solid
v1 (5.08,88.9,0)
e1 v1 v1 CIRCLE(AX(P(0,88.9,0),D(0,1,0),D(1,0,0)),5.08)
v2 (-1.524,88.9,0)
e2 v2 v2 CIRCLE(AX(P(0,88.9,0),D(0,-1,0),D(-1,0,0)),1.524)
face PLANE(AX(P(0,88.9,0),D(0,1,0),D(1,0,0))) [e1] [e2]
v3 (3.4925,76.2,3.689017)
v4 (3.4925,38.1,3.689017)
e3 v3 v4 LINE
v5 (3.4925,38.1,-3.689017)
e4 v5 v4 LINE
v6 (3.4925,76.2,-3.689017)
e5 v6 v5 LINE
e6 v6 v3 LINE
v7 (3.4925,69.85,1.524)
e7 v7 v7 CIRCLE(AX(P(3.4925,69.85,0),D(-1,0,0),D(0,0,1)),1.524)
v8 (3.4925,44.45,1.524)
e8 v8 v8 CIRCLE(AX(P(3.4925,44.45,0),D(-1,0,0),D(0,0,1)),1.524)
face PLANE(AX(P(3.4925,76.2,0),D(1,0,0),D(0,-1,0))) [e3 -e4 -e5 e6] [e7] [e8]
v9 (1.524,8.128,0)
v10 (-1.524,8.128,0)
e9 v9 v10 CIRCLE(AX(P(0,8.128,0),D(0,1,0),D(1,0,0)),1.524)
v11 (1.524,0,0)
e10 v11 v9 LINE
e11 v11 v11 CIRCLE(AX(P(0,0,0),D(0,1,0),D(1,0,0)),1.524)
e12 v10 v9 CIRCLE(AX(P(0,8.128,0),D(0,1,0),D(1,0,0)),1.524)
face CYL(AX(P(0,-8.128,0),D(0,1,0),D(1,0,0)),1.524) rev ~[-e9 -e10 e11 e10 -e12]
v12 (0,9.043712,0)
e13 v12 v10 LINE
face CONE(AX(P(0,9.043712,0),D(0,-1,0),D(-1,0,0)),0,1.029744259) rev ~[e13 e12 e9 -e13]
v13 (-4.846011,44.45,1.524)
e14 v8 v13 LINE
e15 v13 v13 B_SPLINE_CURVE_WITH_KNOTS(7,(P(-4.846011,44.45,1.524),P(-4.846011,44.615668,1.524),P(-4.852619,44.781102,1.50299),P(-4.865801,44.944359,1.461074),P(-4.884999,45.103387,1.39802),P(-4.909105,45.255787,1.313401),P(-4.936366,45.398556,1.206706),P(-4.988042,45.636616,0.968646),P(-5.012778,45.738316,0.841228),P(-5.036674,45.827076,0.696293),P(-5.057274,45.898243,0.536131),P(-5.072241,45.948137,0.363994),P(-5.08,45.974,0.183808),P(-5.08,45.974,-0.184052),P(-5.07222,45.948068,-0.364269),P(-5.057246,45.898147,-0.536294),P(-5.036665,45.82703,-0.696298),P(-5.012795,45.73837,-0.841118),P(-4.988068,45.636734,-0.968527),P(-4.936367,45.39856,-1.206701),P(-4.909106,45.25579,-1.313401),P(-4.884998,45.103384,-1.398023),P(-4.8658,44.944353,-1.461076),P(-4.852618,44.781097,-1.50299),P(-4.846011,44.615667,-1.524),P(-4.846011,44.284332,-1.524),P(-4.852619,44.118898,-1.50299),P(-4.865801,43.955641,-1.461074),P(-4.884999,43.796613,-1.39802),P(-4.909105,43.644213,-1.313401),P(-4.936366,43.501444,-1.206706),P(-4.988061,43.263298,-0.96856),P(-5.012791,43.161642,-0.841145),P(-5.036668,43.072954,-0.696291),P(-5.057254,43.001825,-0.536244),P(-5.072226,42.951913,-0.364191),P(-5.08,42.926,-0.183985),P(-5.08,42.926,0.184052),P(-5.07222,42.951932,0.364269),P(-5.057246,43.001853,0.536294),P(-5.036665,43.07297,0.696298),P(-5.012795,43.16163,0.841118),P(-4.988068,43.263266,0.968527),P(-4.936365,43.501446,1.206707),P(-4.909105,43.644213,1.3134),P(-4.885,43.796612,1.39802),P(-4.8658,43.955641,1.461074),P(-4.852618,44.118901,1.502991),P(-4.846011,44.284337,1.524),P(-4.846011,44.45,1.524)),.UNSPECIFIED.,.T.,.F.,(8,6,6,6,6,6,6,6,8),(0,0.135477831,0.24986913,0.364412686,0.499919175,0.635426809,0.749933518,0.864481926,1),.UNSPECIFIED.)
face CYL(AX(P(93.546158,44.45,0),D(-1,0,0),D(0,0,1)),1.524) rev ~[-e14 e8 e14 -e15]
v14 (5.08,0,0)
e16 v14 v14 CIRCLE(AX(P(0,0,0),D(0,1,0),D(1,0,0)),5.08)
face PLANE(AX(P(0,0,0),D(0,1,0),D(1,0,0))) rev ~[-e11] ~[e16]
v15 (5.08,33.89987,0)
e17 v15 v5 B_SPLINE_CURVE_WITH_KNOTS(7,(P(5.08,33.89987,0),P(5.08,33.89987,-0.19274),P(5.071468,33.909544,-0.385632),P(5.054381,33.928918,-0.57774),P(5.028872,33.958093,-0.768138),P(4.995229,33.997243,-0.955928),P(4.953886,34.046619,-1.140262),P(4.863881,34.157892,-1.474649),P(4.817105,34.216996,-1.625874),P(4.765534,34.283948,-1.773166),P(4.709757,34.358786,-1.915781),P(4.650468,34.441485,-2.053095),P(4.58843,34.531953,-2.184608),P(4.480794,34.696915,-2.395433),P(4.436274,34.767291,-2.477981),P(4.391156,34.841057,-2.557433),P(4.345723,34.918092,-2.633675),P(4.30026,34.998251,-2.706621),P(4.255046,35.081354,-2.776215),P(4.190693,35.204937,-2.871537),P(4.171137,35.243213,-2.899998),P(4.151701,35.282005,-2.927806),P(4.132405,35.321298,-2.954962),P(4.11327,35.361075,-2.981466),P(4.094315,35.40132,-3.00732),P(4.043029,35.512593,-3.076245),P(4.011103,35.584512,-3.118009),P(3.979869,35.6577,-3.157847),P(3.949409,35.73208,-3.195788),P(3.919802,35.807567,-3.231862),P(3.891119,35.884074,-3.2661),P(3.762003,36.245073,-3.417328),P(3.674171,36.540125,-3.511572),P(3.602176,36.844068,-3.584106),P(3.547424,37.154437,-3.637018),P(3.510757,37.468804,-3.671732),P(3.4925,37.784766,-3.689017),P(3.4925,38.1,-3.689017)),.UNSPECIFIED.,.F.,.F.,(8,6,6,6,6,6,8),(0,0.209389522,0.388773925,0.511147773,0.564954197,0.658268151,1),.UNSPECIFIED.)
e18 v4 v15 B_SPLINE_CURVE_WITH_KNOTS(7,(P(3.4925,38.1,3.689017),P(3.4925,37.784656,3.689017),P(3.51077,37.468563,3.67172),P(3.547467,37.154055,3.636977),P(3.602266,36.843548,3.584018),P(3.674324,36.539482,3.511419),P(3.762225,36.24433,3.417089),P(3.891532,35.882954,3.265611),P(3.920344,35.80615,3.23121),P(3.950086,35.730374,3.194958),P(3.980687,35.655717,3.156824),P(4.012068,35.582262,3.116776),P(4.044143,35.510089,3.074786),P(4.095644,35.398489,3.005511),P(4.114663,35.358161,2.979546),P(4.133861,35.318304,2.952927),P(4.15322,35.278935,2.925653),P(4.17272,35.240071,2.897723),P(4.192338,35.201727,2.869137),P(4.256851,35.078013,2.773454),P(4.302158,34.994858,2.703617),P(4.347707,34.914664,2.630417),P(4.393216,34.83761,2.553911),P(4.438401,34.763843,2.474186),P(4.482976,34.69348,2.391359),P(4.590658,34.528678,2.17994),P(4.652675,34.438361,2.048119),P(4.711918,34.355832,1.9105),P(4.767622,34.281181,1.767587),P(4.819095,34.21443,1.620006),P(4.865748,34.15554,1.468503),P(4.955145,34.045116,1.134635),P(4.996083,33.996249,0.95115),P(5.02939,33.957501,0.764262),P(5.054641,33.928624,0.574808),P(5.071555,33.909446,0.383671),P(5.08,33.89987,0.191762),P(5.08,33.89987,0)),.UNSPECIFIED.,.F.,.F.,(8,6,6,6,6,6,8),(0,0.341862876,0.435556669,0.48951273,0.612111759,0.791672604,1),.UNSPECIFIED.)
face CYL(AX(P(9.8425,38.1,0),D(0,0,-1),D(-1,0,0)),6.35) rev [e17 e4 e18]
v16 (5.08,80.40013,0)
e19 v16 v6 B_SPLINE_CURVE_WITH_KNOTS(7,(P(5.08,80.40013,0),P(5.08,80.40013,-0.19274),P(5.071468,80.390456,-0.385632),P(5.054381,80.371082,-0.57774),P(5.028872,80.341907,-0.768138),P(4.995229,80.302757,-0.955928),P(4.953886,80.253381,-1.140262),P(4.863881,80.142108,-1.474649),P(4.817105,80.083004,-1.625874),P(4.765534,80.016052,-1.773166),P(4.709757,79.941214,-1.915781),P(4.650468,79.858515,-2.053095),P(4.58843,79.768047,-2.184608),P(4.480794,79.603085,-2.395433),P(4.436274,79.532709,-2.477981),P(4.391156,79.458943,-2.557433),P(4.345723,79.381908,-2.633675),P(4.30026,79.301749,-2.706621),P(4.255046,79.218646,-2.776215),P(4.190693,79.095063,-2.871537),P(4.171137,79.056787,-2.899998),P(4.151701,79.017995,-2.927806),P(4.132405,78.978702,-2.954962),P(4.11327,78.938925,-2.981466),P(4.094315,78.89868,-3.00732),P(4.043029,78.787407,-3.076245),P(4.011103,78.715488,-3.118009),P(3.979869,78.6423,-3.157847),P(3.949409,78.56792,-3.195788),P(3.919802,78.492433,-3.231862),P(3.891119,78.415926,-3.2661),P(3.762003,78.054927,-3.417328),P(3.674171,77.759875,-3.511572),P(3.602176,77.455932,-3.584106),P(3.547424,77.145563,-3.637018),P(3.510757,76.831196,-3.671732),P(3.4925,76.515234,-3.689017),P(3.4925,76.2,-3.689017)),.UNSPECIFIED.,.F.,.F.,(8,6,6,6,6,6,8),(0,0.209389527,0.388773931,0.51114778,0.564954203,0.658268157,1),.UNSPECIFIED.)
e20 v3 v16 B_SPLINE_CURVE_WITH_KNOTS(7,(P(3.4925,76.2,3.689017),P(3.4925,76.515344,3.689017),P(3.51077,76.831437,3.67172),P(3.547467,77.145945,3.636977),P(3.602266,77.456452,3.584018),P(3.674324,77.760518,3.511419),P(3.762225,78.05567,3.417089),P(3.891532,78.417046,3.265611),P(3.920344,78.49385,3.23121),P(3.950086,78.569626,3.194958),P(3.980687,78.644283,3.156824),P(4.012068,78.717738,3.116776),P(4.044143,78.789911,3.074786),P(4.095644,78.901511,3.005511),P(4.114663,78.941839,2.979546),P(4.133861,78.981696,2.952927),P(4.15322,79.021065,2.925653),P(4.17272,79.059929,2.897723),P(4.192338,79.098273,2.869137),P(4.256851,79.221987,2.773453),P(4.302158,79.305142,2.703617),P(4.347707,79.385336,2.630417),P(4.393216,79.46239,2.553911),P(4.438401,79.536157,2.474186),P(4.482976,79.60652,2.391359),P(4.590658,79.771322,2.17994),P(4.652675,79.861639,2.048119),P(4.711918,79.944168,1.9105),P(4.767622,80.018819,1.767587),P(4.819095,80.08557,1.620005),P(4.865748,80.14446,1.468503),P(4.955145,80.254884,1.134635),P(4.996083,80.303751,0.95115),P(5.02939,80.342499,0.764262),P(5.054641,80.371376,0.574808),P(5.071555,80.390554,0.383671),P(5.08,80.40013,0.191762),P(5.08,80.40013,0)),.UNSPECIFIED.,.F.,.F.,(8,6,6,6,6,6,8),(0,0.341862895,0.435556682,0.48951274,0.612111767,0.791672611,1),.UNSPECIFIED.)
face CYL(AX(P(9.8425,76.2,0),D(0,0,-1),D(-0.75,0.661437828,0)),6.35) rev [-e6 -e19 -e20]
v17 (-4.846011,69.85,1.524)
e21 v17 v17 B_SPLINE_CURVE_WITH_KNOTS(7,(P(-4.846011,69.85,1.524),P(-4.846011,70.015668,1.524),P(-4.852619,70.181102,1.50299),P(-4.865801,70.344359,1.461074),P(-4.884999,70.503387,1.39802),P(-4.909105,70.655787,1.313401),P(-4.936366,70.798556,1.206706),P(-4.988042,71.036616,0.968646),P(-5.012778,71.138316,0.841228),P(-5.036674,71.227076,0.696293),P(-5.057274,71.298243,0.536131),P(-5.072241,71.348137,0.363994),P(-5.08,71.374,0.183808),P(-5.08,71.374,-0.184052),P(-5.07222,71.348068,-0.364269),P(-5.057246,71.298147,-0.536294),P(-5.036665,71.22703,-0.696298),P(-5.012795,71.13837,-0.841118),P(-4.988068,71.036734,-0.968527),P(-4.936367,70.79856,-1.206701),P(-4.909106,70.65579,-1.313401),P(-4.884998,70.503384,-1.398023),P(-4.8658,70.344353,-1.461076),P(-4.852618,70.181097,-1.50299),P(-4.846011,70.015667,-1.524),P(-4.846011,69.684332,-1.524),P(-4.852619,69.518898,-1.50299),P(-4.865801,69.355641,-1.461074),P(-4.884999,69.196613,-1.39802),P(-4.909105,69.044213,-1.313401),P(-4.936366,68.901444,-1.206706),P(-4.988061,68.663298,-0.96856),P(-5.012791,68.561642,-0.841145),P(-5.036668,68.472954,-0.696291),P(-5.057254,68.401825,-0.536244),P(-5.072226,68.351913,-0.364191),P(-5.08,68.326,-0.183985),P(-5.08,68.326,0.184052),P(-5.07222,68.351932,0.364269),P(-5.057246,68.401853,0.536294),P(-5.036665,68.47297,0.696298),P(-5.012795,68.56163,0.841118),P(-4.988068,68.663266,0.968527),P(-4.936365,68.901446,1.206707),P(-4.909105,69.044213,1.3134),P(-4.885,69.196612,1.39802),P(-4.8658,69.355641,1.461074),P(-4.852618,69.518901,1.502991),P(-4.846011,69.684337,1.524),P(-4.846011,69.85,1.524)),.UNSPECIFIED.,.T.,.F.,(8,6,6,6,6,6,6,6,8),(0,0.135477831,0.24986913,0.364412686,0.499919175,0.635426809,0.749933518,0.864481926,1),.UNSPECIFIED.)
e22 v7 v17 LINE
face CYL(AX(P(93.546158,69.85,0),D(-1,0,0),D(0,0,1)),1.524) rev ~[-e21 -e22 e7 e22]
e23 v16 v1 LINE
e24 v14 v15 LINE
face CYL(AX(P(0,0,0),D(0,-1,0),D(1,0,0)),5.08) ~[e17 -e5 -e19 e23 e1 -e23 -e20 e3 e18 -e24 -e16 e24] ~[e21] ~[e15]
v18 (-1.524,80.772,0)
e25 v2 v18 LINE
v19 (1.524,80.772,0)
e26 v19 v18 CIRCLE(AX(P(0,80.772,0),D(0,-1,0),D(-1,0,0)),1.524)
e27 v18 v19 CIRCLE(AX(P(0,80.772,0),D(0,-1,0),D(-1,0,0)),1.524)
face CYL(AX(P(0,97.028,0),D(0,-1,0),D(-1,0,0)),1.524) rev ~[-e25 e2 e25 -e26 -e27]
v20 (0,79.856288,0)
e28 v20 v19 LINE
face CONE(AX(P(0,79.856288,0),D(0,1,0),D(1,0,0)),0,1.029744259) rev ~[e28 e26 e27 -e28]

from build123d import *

# Parameters (mm, degrees)
SKETCH1_R                            = 5.08
BOSS_EXTRUDE1_DEPTH                  = 88.9
TAPPED_HOLE_FOR_4_40_HELICOIL1_D     = 3.048
TAPPED_HOLE_FOR_4_40_HELICOIL1_DEPTH = 8.128
TAPPED_HOLE_FOR_4_40_HELICOIL1_TIP   = 0.915711583
TAPPED_HOLE_FOR_4_40_HELICOIL2_D     = 3.048
TAPPED_HOLE_FOR_4_40_HELICOIL2_DEPTH = 8.128
TAPPED_HOLE_FOR_4_40_HELICOIL2_TIP   = 0.915711583
CUT_EXTRUDE1_DEPTH                   = 6.08
CUT_EXTRUDE1_DEPTH_BACK              = 6.08
TAPPED_HOLE_FOR_4_40_HELICOIL3_D     = 3.048


with BuildPart() as part:
    # Sketch1 → Boss-Extrude1 (new body)
    with BuildSketch(Plane(origin=(0, 0, 0), x_dir=(1, 0, 0), z_dir=(0, 1, 0))):
        Circle(SKETCH1_R)
    extrude(amount=BOSS_EXTRUDE1_DEPTH)

    # Tapped Hole for #4-40 Helicoil1
    with Locations(Plane(origin=(0, 88.9, 0), x_dir=(1, 0, 0), z_dir=(0, 1, 0))):
        with Locations((0, 0)):
            Hole(TAPPED_HOLE_FOR_4_40_HELICOIL1_D / 2, depth=TAPPED_HOLE_FOR_4_40_HELICOIL1_DEPTH)
            with Locations((0, 0, -(TAPPED_HOLE_FOR_4_40_HELICOIL1_DEPTH + TAPPED_HOLE_FOR_4_40_HELICOIL1_TIP / 2))):  # 118° drill point
                Cone(0, TAPPED_HOLE_FOR_4_40_HELICOIL1_D / 2, TAPPED_HOLE_FOR_4_40_HELICOIL1_TIP, mode=Mode.SUBTRACT)

    # Tapped Hole for #4-40 Helicoil2
    with Locations(Plane(origin=(0, 0, 0), x_dir=(-1, 0, 0), z_dir=(0, -1, 0))):
        with Locations((0, 0)):
            Hole(TAPPED_HOLE_FOR_4_40_HELICOIL2_D / 2, depth=TAPPED_HOLE_FOR_4_40_HELICOIL2_DEPTH)
            with Locations((0, 0, -(TAPPED_HOLE_FOR_4_40_HELICOIL2_DEPTH + TAPPED_HOLE_FOR_4_40_HELICOIL2_TIP / 2))):  # 118° drill point
                Cone(0, TAPPED_HOLE_FOR_4_40_HELICOIL2_D / 2, TAPPED_HOLE_FOR_4_40_HELICOIL2_TIP, mode=Mode.SUBTRACT)

    # Sketch8 → Cut-Extrude1 (cut, two sides)
    with BuildSketch(Plane.XY) as cut_extrude1_sk:
        with BuildLine():
            ThreePointArc((5.08, 80.400130206), (3.902618898, 78.44506403), (3.4925, 76.2))
            Line((3.4925, 76.2), (3.4925, 38.1))
            ThreePointArc((3.4925, 38.1), (3.902618898, 35.85493597), (5.08, 33.899869794))
            Line((5.08, 33.899869794), (5.08, 80.400130206))
        make_face()
    extrude(amount=CUT_EXTRUDE1_DEPTH, mode=Mode.SUBTRACT)
    extrude(cut_extrude1_sk.sketch, amount=-CUT_EXTRUDE1_DEPTH_BACK, mode=Mode.SUBTRACT)

    # Tapped Hole for #4-40 Helicoil3 (through all)
    with Locations(Plane(origin=(3.4925, 0, 0), x_dir=(0, 0, -1), z_dir=(1, 0, 0))):
        with Locations((0, 69.85), (0, 44.45)):
            Hole(TAPPED_HOLE_FOR_4_40_HELICOIL3_D / 2)


solid = part.part
